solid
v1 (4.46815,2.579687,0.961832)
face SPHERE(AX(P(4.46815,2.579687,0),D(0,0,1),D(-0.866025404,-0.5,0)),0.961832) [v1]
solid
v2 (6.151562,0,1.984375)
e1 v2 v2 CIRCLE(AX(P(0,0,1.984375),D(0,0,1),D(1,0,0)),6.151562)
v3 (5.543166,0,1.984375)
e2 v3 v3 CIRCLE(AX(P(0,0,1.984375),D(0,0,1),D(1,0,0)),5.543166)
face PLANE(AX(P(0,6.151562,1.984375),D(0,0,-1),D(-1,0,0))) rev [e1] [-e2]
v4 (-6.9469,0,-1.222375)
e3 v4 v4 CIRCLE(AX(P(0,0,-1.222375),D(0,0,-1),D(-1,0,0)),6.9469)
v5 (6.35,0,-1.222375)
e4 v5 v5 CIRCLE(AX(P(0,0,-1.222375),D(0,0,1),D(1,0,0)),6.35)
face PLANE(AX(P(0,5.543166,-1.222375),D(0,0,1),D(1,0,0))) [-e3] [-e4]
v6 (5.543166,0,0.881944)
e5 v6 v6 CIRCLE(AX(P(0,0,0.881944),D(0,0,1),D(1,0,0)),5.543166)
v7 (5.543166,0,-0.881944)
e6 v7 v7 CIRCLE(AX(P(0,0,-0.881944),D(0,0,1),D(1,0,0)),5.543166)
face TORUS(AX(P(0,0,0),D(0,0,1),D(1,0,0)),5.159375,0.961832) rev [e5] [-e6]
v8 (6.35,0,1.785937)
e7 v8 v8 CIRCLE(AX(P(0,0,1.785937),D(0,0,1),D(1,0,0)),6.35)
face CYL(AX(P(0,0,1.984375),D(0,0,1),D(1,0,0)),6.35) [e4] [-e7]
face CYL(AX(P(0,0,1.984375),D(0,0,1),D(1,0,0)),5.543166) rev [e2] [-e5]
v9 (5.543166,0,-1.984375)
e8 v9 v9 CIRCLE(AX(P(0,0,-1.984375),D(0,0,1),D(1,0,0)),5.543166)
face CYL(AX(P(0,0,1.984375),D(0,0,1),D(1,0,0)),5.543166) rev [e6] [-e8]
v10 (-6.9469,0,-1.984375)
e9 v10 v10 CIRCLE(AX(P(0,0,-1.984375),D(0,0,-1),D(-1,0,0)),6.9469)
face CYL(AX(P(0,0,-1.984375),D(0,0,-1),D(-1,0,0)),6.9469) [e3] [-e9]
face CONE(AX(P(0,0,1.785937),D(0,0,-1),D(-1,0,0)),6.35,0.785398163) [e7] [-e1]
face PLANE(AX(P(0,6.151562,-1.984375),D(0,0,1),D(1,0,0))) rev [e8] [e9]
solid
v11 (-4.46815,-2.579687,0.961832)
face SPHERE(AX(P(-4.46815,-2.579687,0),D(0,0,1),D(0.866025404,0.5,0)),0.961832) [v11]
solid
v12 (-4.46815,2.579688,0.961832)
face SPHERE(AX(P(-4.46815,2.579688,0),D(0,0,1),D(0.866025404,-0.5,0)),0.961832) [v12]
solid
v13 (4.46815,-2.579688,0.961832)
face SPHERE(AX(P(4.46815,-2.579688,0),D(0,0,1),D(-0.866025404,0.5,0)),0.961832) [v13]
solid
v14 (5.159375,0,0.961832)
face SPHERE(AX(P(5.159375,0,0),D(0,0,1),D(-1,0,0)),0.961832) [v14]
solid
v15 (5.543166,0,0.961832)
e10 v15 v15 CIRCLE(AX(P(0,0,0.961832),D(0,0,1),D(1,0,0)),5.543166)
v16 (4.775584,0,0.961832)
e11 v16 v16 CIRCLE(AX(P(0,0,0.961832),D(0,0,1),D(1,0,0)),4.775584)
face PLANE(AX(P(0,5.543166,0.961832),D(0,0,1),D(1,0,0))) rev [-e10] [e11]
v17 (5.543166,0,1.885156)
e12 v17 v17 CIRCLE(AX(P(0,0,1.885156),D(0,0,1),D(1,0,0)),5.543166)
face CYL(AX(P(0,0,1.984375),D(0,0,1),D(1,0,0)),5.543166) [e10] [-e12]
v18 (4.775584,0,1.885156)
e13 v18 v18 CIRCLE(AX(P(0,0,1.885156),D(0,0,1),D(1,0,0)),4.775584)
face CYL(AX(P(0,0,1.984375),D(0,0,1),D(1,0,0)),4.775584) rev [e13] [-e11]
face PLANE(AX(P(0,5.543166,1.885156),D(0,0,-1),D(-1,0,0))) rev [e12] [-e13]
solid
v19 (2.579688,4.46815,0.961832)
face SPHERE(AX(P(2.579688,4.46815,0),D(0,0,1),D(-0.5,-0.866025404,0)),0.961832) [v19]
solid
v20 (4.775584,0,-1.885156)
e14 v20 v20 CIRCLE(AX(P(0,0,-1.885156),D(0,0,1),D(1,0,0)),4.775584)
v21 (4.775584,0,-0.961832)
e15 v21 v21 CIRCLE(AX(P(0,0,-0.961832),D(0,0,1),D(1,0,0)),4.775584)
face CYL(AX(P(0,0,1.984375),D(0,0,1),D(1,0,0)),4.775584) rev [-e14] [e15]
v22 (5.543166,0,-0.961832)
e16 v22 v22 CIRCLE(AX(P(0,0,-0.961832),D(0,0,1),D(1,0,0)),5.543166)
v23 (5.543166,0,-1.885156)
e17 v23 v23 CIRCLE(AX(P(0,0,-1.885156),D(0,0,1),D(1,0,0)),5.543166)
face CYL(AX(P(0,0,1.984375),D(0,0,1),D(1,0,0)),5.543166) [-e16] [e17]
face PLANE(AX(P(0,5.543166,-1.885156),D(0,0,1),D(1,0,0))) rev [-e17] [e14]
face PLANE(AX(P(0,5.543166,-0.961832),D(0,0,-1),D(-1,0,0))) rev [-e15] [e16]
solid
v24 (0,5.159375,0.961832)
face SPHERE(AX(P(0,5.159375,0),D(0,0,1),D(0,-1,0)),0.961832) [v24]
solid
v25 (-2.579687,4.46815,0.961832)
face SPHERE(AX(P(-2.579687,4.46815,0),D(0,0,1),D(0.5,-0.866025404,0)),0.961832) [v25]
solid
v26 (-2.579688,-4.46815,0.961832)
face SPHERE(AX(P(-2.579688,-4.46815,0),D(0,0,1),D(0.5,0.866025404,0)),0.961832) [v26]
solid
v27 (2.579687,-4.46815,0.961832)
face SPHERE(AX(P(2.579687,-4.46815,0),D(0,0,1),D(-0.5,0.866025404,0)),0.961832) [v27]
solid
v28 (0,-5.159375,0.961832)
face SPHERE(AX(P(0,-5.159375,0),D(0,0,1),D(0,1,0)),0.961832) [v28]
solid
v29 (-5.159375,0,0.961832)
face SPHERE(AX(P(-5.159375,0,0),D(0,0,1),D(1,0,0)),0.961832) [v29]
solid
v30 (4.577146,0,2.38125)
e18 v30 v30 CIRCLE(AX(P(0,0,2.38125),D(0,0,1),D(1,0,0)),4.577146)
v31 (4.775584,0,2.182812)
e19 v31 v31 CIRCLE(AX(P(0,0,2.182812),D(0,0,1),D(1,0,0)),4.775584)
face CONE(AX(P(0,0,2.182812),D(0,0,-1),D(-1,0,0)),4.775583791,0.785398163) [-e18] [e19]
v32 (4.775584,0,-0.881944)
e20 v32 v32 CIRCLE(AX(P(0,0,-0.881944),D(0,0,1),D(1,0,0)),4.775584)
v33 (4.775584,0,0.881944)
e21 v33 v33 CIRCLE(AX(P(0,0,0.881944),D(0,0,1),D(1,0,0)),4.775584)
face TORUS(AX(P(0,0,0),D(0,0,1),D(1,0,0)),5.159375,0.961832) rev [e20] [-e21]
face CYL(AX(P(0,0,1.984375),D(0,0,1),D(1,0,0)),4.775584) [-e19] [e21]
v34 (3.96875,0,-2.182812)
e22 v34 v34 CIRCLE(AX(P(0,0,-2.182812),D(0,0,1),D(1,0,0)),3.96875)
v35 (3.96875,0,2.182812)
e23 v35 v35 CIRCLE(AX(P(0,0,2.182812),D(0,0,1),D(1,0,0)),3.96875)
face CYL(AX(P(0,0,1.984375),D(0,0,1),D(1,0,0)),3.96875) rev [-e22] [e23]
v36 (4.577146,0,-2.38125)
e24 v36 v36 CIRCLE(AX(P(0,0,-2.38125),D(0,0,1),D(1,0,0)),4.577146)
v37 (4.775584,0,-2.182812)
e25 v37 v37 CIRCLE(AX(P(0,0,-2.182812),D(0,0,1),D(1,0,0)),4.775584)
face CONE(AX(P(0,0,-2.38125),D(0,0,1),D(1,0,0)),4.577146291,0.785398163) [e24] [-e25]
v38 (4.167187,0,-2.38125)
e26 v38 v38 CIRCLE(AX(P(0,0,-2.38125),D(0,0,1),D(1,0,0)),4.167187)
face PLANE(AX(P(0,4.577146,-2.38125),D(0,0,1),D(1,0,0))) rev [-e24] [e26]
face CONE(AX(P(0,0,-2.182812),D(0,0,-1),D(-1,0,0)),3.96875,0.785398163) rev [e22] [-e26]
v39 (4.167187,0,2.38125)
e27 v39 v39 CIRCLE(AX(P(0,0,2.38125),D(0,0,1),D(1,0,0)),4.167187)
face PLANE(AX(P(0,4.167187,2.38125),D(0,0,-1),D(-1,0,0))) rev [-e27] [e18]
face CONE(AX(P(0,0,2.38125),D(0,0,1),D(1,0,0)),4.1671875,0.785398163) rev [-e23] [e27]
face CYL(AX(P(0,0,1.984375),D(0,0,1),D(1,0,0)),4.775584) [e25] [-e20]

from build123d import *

# Parameters (mm, degrees)
CIRPATTERN1_COUNT = 12
SKETCH5_W         = 0.923323783
SKETCH5_H         = 0.767582418
SKETCH6_W         = 0.762
SKETCH6_H         = 1.403733791


with BuildPart() as part:
    # Sketch1 → Revolve1 (revolve)
    with BuildSketch(Plane(origin=(0, 0, 0), x_dir=(0, 0, -1), z_dir=(1, 0, 0))):
        with BuildLine():
            Line((1.7859375, 6.35), (-1.7859375, 6.35))
            Line((-1.7859375, 6.35), (-1.984375, 6.1515625))
            Line((-1.984375, 6.1515625), (-1.984375, 5.543166209))
            Line((-1.984375, 5.543166209), (-0.881944444, 5.543166209))
            ThreePointArc((-0.881944444, 5.543166209), (0, 6.121207467), (0.881944444, 5.543166209))
            Line((0.881944444, 5.543166209), (1.984375, 5.543166209))
            Line((1.984375, 5.543166209), (1.984375, 6.1515625))
            Line((1.984375, 6.1515625), (1.7859375, 6.35))
        make_face()
    revolve(axis=Axis((0, 0, 1.984375), (0, 0, -1)))

    # Sketch6 → Revolve6 (revolve)
    with BuildSketch(Plane(origin=(0, 0, 0), x_dir=(0, 0, -1), z_dir=(1, 0, 0))):
        with Locations((1.603375, 6.245033105)):
            Rectangle(SKETCH6_W, SKETCH6_H)
    revolve(axis=Axis((0, 0, -1.984375), (0, 0, 1)))


with BuildPart() as body_2:
    # Sketch3 → Revolve3 (revolve)
    with BuildSketch(Plane(origin=(0, 0, 0), x_dir=(0, 0, -1), z_dir=(1, 0, 0))):
        with BuildLine():
            Line((-2.38125, 4.1671875), (-2.38125, 4.577146291))
            Line((-2.38125, 4.577146291), (-2.1828125, 4.775583791))
            Line((-2.1828125, 4.775583791), (-0.881944444, 4.775583791))
            ThreePointArc((-0.881944444, 4.775583791), (0, 4.197542533), (0.881944444, 4.775583791))
            Line((0.881944444, 4.775583791), (2.1828125, 4.775583791))
            Line((2.1828125, 4.775583791), (2.38125, 4.577146291))
            Line((2.38125, 4.577146291), (2.38125, 4.1671875))
            Line((2.38125, 4.1671875), (2.1828125, 3.96875))
            Line((2.1828125, 3.96875), (-2.1828125, 3.96875))
            Line((-2.1828125, 3.96875), (-2.38125, 4.1671875))
        make_face()
    revolve(axis=Axis((0, 0, 1.984375), (0, 0, -1)))


with BuildPart() as body_3:
    # Sketch4 → Revolve4 (revolve)
    with BuildSketch(Plane(origin=(0, 0, 0), x_dir=(0, 0, -1), z_dir=(1, 0, 0))):
        with BuildLine():
            Line((-0.961832467, 5.159375), (0.961832467, 5.159375))
            ThreePointArc((0.961832467, 5.159375), (0, 6.121207467), (-0.961832467, 5.159375))
        make_face()
    revolve(axis=Axis((0, 5.159375, 0.961832467), (0, 0, -1)))


with BuildPart() as cirpattern1_1:
    # CirPattern1: pattern copy
    add(body_3.part.rotate(Axis((0, 0, -1.984375), (0, 0, 1)), 1 * 360 / CIRPATTERN1_COUNT))


with BuildPart() as cirpattern1_2:
    # CirPattern1: pattern copy
    add(body_3.part.rotate(Axis((0, 0, -1.984375), (0, 0, 1)), 2 * 360 / CIRPATTERN1_COUNT))


with BuildPart() as cirpattern1_3:
    # CirPattern1: pattern copy
    add(body_3.part.rotate(Axis((0, 0, -1.984375), (0, 0, 1)), 3 * 360 / CIRPATTERN1_COUNT))


with BuildPart() as cirpattern1_4:
    # CirPattern1: pattern copy
    add(body_3.part.rotate(Axis((0, 0, -1.984375), (0, 0, 1)), 4 * 360 / CIRPATTERN1_COUNT))


with BuildPart() as cirpattern1_5:
    # CirPattern1: pattern copy
    add(body_3.part.rotate(Axis((0, 0, -1.984375), (0, 0, 1)), 5 * 360 / CIRPATTERN1_COUNT))


with BuildPart() as cirpattern1_6:
    # CirPattern1: pattern copy
    add(body_3.part.rotate(Axis((0, 0, -1.984375), (0, 0, 1)), 6 * 360 / CIRPATTERN1_COUNT))


with BuildPart() as cirpattern1_7:
    # CirPattern1: pattern copy
    add(body_3.part.rotate(Axis((0, 0, -1.984375), (0, 0, 1)), 7 * 360 / CIRPATTERN1_COUNT))


with BuildPart() as cirpattern1_8:
    # CirPattern1: pattern copy
    add(body_3.part.rotate(Axis((0, 0, -1.984375), (0, 0, 1)), 8 * 360 / CIRPATTERN1_COUNT))


with BuildPart() as cirpattern1_9:
    # CirPattern1: pattern copy
    add(body_3.part.rotate(Axis((0, 0, -1.984375), (0, 0, 1)), 9 * 360 / CIRPATTERN1_COUNT))


with BuildPart() as cirpattern1_10:
    # CirPattern1: pattern copy
    add(body_3.part.rotate(Axis((0, 0, -1.984375), (0, 0, 1)), 10 * 360 / CIRPATTERN1_COUNT))


with BuildPart() as cirpattern1_11:
    # CirPattern1: pattern copy
    add(body_3.part.rotate(Axis((0, 0, -1.984375), (0, 0, 1)), 11 * 360 / CIRPATTERN1_COUNT))


with BuildPart() as body_15:
    # Sketch5 → Revolve5 (revolve)
    with BuildSketch(Plane(origin=(0, 0, 0), x_dir=(0, 0, -1), z_dir=(1, 0, 0))):
        with Locations((-1.423494359, 5.159375)):
            Rectangle(SKETCH5_W, SKETCH5_H)
        with Locations((1.423494359, 5.159375)):
            Rectangle(SKETCH5_W, SKETCH5_H)
    revolve(axis=Axis((0, 0, 1.984375), (0, 0, -1)))


solid = Compound([part.part, body_2.part, body_3.part, cirpattern1_1.part, cirpattern1_2.part, cirpattern1_3.part, cirpattern1_4.part, cirpattern1_5.part, cirpattern1_6.part, cirpattern1_7.part, cirpattern1_8.part, cirpattern1_9.part, cirpattern1_10.part, cirpattern1_11.part, body_15.part])
